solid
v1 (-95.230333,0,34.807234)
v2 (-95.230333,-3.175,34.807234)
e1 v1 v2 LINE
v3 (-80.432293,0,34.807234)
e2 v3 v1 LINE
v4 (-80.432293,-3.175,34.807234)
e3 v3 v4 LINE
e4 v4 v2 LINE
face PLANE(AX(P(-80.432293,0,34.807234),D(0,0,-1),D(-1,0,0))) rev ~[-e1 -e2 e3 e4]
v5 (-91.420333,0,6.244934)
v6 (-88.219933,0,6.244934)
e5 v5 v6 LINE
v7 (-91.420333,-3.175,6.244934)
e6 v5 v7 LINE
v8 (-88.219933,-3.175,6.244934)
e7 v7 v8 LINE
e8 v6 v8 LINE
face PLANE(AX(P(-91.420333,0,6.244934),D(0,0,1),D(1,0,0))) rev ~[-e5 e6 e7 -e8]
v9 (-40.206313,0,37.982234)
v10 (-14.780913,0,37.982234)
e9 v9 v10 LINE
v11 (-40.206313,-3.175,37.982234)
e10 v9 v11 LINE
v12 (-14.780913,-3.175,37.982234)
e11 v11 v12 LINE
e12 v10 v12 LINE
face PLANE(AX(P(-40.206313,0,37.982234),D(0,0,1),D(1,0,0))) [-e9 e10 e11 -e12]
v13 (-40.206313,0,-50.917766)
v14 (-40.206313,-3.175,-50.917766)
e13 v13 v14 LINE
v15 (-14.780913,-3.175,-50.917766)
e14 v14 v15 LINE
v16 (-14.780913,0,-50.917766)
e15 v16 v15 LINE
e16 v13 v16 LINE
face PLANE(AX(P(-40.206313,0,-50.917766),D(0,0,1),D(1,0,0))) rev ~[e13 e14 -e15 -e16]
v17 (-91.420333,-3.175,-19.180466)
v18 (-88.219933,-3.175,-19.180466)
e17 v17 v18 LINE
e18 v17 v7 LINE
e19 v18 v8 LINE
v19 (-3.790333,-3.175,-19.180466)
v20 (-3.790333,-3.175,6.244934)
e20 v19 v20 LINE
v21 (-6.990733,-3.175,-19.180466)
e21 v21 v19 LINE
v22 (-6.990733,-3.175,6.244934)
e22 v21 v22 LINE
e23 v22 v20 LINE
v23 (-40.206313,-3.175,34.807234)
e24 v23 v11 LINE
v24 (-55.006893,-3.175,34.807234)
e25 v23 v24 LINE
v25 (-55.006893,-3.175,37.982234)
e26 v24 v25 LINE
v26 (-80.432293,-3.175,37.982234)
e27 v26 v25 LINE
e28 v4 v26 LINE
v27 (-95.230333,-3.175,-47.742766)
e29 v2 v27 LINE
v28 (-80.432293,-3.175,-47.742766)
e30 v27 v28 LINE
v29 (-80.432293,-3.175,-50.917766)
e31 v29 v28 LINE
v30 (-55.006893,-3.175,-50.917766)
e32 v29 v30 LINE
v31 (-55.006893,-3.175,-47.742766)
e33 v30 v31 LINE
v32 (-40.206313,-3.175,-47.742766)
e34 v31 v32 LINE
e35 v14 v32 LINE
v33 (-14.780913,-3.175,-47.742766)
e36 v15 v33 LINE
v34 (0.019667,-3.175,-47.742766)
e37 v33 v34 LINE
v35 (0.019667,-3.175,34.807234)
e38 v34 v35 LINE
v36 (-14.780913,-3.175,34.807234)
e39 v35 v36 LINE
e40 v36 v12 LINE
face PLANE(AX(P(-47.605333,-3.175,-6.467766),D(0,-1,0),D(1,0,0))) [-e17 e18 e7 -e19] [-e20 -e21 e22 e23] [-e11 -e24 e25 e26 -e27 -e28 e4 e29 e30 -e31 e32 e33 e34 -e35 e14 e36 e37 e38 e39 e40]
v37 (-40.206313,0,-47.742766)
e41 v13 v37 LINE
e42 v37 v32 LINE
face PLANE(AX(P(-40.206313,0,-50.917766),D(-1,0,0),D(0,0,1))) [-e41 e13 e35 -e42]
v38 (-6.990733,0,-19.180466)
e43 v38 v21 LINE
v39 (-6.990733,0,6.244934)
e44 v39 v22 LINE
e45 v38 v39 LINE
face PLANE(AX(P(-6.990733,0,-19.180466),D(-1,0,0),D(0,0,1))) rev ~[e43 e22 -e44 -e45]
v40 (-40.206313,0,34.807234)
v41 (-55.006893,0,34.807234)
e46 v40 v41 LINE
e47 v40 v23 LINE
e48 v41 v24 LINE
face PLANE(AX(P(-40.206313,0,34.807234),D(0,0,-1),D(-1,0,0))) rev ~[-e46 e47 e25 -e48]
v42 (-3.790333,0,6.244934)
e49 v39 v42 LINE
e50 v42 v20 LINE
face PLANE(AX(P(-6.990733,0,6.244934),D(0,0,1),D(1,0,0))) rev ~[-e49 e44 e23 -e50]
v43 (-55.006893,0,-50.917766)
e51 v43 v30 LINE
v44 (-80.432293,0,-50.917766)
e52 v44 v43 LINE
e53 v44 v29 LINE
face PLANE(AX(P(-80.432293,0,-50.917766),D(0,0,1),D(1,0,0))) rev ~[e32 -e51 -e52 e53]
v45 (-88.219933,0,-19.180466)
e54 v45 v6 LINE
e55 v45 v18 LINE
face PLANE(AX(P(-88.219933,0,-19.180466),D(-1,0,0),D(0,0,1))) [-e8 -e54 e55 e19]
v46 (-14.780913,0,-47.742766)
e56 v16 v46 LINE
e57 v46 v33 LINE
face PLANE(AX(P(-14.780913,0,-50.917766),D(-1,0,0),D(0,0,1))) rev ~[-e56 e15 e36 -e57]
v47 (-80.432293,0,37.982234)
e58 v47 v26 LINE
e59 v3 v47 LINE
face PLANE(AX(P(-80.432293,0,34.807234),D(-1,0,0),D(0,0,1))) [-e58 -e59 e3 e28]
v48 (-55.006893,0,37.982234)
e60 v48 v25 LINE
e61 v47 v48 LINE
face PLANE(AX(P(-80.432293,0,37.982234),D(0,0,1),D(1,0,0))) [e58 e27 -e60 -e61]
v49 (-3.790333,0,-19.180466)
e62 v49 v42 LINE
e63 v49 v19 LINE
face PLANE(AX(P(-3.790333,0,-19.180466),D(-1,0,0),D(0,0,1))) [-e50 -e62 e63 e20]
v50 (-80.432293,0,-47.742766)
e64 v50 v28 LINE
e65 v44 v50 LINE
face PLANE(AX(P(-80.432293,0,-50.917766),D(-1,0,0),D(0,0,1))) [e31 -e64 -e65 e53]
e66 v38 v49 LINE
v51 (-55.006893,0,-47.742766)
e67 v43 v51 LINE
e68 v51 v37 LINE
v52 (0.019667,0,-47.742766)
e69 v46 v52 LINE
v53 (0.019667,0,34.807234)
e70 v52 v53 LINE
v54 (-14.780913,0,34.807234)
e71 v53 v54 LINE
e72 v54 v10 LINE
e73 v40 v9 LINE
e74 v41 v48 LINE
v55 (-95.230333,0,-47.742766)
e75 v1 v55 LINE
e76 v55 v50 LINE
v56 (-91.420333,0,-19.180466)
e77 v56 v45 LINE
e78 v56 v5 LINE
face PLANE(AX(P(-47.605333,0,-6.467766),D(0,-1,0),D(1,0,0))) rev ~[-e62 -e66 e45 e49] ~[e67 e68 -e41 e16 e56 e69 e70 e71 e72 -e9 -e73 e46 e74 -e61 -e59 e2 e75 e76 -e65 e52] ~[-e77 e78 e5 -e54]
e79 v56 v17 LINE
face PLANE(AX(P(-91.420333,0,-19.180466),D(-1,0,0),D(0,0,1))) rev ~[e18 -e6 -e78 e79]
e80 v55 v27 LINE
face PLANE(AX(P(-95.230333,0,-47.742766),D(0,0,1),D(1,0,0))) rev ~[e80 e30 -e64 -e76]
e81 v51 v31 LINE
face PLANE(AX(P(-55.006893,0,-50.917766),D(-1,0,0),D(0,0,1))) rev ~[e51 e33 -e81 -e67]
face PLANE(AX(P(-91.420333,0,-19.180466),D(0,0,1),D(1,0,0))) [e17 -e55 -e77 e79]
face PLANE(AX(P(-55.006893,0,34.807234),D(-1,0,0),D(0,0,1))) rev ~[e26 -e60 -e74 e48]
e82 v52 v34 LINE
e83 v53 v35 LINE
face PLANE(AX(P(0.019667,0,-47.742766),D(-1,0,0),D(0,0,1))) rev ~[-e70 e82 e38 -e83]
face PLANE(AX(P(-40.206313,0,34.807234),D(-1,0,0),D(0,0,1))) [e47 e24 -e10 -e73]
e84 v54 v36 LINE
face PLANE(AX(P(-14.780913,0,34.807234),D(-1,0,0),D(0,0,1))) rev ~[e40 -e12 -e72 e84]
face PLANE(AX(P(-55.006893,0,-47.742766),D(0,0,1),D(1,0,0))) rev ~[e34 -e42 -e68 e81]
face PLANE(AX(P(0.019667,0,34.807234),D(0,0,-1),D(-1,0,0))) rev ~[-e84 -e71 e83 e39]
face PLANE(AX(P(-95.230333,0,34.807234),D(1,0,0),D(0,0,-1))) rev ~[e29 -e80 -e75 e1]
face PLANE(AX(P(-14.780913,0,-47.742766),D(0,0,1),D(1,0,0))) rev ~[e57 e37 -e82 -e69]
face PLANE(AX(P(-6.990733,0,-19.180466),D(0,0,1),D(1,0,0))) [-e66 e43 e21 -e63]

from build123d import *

# Parameters (mm, degrees)
F0_W     = 3.2004
F0_H     = 25.4254
F0_W_2   = 25.4254
F0_H_2   = 3.175
F1_DEPTH = 3.175


with BuildPart() as f1:
    # F0 (on Front) → F1 (new body)
    with BuildSketch(Plane.XZ):
        Polygon((-80.432293, 34.807234), (-95.230333, 34.807234), (-95.230333, -47.742766), (-80.432293, -47.742766), (-55.006893, -47.742766), (-40.206313, -47.742766), (-14.780913, -47.742766), (0.019667, -47.742766), (0.019667, 34.807234), (-14.780913, 34.807234), (-40.206313, 34.807234), (-55.006893, 34.807234), align=None)
        with Locations((-89.820133, -6.467766)):
            Rectangle(F0_W, F0_H, mode=Mode.SUBTRACT)
        with Locations((-5.390533, -6.467766)):
            Rectangle(F0_W, F0_H, mode=Mode.SUBTRACT)
        with Locations((-67.719593, 36.394734)):
            Rectangle(F0_W_2, F0_H_2)
        with Locations((-27.493613, 36.394734)):
            Rectangle(F0_W_2, F0_H_2)
        with Locations((-27.493613, -49.330266)):
            Rectangle(F0_W_2, F0_H_2)
        with Locations((-67.719593, -49.330266)):
            Rectangle(F0_W_2, F0_H_2)
    extrude(amount=F1_DEPTH)


solid = f1.part
